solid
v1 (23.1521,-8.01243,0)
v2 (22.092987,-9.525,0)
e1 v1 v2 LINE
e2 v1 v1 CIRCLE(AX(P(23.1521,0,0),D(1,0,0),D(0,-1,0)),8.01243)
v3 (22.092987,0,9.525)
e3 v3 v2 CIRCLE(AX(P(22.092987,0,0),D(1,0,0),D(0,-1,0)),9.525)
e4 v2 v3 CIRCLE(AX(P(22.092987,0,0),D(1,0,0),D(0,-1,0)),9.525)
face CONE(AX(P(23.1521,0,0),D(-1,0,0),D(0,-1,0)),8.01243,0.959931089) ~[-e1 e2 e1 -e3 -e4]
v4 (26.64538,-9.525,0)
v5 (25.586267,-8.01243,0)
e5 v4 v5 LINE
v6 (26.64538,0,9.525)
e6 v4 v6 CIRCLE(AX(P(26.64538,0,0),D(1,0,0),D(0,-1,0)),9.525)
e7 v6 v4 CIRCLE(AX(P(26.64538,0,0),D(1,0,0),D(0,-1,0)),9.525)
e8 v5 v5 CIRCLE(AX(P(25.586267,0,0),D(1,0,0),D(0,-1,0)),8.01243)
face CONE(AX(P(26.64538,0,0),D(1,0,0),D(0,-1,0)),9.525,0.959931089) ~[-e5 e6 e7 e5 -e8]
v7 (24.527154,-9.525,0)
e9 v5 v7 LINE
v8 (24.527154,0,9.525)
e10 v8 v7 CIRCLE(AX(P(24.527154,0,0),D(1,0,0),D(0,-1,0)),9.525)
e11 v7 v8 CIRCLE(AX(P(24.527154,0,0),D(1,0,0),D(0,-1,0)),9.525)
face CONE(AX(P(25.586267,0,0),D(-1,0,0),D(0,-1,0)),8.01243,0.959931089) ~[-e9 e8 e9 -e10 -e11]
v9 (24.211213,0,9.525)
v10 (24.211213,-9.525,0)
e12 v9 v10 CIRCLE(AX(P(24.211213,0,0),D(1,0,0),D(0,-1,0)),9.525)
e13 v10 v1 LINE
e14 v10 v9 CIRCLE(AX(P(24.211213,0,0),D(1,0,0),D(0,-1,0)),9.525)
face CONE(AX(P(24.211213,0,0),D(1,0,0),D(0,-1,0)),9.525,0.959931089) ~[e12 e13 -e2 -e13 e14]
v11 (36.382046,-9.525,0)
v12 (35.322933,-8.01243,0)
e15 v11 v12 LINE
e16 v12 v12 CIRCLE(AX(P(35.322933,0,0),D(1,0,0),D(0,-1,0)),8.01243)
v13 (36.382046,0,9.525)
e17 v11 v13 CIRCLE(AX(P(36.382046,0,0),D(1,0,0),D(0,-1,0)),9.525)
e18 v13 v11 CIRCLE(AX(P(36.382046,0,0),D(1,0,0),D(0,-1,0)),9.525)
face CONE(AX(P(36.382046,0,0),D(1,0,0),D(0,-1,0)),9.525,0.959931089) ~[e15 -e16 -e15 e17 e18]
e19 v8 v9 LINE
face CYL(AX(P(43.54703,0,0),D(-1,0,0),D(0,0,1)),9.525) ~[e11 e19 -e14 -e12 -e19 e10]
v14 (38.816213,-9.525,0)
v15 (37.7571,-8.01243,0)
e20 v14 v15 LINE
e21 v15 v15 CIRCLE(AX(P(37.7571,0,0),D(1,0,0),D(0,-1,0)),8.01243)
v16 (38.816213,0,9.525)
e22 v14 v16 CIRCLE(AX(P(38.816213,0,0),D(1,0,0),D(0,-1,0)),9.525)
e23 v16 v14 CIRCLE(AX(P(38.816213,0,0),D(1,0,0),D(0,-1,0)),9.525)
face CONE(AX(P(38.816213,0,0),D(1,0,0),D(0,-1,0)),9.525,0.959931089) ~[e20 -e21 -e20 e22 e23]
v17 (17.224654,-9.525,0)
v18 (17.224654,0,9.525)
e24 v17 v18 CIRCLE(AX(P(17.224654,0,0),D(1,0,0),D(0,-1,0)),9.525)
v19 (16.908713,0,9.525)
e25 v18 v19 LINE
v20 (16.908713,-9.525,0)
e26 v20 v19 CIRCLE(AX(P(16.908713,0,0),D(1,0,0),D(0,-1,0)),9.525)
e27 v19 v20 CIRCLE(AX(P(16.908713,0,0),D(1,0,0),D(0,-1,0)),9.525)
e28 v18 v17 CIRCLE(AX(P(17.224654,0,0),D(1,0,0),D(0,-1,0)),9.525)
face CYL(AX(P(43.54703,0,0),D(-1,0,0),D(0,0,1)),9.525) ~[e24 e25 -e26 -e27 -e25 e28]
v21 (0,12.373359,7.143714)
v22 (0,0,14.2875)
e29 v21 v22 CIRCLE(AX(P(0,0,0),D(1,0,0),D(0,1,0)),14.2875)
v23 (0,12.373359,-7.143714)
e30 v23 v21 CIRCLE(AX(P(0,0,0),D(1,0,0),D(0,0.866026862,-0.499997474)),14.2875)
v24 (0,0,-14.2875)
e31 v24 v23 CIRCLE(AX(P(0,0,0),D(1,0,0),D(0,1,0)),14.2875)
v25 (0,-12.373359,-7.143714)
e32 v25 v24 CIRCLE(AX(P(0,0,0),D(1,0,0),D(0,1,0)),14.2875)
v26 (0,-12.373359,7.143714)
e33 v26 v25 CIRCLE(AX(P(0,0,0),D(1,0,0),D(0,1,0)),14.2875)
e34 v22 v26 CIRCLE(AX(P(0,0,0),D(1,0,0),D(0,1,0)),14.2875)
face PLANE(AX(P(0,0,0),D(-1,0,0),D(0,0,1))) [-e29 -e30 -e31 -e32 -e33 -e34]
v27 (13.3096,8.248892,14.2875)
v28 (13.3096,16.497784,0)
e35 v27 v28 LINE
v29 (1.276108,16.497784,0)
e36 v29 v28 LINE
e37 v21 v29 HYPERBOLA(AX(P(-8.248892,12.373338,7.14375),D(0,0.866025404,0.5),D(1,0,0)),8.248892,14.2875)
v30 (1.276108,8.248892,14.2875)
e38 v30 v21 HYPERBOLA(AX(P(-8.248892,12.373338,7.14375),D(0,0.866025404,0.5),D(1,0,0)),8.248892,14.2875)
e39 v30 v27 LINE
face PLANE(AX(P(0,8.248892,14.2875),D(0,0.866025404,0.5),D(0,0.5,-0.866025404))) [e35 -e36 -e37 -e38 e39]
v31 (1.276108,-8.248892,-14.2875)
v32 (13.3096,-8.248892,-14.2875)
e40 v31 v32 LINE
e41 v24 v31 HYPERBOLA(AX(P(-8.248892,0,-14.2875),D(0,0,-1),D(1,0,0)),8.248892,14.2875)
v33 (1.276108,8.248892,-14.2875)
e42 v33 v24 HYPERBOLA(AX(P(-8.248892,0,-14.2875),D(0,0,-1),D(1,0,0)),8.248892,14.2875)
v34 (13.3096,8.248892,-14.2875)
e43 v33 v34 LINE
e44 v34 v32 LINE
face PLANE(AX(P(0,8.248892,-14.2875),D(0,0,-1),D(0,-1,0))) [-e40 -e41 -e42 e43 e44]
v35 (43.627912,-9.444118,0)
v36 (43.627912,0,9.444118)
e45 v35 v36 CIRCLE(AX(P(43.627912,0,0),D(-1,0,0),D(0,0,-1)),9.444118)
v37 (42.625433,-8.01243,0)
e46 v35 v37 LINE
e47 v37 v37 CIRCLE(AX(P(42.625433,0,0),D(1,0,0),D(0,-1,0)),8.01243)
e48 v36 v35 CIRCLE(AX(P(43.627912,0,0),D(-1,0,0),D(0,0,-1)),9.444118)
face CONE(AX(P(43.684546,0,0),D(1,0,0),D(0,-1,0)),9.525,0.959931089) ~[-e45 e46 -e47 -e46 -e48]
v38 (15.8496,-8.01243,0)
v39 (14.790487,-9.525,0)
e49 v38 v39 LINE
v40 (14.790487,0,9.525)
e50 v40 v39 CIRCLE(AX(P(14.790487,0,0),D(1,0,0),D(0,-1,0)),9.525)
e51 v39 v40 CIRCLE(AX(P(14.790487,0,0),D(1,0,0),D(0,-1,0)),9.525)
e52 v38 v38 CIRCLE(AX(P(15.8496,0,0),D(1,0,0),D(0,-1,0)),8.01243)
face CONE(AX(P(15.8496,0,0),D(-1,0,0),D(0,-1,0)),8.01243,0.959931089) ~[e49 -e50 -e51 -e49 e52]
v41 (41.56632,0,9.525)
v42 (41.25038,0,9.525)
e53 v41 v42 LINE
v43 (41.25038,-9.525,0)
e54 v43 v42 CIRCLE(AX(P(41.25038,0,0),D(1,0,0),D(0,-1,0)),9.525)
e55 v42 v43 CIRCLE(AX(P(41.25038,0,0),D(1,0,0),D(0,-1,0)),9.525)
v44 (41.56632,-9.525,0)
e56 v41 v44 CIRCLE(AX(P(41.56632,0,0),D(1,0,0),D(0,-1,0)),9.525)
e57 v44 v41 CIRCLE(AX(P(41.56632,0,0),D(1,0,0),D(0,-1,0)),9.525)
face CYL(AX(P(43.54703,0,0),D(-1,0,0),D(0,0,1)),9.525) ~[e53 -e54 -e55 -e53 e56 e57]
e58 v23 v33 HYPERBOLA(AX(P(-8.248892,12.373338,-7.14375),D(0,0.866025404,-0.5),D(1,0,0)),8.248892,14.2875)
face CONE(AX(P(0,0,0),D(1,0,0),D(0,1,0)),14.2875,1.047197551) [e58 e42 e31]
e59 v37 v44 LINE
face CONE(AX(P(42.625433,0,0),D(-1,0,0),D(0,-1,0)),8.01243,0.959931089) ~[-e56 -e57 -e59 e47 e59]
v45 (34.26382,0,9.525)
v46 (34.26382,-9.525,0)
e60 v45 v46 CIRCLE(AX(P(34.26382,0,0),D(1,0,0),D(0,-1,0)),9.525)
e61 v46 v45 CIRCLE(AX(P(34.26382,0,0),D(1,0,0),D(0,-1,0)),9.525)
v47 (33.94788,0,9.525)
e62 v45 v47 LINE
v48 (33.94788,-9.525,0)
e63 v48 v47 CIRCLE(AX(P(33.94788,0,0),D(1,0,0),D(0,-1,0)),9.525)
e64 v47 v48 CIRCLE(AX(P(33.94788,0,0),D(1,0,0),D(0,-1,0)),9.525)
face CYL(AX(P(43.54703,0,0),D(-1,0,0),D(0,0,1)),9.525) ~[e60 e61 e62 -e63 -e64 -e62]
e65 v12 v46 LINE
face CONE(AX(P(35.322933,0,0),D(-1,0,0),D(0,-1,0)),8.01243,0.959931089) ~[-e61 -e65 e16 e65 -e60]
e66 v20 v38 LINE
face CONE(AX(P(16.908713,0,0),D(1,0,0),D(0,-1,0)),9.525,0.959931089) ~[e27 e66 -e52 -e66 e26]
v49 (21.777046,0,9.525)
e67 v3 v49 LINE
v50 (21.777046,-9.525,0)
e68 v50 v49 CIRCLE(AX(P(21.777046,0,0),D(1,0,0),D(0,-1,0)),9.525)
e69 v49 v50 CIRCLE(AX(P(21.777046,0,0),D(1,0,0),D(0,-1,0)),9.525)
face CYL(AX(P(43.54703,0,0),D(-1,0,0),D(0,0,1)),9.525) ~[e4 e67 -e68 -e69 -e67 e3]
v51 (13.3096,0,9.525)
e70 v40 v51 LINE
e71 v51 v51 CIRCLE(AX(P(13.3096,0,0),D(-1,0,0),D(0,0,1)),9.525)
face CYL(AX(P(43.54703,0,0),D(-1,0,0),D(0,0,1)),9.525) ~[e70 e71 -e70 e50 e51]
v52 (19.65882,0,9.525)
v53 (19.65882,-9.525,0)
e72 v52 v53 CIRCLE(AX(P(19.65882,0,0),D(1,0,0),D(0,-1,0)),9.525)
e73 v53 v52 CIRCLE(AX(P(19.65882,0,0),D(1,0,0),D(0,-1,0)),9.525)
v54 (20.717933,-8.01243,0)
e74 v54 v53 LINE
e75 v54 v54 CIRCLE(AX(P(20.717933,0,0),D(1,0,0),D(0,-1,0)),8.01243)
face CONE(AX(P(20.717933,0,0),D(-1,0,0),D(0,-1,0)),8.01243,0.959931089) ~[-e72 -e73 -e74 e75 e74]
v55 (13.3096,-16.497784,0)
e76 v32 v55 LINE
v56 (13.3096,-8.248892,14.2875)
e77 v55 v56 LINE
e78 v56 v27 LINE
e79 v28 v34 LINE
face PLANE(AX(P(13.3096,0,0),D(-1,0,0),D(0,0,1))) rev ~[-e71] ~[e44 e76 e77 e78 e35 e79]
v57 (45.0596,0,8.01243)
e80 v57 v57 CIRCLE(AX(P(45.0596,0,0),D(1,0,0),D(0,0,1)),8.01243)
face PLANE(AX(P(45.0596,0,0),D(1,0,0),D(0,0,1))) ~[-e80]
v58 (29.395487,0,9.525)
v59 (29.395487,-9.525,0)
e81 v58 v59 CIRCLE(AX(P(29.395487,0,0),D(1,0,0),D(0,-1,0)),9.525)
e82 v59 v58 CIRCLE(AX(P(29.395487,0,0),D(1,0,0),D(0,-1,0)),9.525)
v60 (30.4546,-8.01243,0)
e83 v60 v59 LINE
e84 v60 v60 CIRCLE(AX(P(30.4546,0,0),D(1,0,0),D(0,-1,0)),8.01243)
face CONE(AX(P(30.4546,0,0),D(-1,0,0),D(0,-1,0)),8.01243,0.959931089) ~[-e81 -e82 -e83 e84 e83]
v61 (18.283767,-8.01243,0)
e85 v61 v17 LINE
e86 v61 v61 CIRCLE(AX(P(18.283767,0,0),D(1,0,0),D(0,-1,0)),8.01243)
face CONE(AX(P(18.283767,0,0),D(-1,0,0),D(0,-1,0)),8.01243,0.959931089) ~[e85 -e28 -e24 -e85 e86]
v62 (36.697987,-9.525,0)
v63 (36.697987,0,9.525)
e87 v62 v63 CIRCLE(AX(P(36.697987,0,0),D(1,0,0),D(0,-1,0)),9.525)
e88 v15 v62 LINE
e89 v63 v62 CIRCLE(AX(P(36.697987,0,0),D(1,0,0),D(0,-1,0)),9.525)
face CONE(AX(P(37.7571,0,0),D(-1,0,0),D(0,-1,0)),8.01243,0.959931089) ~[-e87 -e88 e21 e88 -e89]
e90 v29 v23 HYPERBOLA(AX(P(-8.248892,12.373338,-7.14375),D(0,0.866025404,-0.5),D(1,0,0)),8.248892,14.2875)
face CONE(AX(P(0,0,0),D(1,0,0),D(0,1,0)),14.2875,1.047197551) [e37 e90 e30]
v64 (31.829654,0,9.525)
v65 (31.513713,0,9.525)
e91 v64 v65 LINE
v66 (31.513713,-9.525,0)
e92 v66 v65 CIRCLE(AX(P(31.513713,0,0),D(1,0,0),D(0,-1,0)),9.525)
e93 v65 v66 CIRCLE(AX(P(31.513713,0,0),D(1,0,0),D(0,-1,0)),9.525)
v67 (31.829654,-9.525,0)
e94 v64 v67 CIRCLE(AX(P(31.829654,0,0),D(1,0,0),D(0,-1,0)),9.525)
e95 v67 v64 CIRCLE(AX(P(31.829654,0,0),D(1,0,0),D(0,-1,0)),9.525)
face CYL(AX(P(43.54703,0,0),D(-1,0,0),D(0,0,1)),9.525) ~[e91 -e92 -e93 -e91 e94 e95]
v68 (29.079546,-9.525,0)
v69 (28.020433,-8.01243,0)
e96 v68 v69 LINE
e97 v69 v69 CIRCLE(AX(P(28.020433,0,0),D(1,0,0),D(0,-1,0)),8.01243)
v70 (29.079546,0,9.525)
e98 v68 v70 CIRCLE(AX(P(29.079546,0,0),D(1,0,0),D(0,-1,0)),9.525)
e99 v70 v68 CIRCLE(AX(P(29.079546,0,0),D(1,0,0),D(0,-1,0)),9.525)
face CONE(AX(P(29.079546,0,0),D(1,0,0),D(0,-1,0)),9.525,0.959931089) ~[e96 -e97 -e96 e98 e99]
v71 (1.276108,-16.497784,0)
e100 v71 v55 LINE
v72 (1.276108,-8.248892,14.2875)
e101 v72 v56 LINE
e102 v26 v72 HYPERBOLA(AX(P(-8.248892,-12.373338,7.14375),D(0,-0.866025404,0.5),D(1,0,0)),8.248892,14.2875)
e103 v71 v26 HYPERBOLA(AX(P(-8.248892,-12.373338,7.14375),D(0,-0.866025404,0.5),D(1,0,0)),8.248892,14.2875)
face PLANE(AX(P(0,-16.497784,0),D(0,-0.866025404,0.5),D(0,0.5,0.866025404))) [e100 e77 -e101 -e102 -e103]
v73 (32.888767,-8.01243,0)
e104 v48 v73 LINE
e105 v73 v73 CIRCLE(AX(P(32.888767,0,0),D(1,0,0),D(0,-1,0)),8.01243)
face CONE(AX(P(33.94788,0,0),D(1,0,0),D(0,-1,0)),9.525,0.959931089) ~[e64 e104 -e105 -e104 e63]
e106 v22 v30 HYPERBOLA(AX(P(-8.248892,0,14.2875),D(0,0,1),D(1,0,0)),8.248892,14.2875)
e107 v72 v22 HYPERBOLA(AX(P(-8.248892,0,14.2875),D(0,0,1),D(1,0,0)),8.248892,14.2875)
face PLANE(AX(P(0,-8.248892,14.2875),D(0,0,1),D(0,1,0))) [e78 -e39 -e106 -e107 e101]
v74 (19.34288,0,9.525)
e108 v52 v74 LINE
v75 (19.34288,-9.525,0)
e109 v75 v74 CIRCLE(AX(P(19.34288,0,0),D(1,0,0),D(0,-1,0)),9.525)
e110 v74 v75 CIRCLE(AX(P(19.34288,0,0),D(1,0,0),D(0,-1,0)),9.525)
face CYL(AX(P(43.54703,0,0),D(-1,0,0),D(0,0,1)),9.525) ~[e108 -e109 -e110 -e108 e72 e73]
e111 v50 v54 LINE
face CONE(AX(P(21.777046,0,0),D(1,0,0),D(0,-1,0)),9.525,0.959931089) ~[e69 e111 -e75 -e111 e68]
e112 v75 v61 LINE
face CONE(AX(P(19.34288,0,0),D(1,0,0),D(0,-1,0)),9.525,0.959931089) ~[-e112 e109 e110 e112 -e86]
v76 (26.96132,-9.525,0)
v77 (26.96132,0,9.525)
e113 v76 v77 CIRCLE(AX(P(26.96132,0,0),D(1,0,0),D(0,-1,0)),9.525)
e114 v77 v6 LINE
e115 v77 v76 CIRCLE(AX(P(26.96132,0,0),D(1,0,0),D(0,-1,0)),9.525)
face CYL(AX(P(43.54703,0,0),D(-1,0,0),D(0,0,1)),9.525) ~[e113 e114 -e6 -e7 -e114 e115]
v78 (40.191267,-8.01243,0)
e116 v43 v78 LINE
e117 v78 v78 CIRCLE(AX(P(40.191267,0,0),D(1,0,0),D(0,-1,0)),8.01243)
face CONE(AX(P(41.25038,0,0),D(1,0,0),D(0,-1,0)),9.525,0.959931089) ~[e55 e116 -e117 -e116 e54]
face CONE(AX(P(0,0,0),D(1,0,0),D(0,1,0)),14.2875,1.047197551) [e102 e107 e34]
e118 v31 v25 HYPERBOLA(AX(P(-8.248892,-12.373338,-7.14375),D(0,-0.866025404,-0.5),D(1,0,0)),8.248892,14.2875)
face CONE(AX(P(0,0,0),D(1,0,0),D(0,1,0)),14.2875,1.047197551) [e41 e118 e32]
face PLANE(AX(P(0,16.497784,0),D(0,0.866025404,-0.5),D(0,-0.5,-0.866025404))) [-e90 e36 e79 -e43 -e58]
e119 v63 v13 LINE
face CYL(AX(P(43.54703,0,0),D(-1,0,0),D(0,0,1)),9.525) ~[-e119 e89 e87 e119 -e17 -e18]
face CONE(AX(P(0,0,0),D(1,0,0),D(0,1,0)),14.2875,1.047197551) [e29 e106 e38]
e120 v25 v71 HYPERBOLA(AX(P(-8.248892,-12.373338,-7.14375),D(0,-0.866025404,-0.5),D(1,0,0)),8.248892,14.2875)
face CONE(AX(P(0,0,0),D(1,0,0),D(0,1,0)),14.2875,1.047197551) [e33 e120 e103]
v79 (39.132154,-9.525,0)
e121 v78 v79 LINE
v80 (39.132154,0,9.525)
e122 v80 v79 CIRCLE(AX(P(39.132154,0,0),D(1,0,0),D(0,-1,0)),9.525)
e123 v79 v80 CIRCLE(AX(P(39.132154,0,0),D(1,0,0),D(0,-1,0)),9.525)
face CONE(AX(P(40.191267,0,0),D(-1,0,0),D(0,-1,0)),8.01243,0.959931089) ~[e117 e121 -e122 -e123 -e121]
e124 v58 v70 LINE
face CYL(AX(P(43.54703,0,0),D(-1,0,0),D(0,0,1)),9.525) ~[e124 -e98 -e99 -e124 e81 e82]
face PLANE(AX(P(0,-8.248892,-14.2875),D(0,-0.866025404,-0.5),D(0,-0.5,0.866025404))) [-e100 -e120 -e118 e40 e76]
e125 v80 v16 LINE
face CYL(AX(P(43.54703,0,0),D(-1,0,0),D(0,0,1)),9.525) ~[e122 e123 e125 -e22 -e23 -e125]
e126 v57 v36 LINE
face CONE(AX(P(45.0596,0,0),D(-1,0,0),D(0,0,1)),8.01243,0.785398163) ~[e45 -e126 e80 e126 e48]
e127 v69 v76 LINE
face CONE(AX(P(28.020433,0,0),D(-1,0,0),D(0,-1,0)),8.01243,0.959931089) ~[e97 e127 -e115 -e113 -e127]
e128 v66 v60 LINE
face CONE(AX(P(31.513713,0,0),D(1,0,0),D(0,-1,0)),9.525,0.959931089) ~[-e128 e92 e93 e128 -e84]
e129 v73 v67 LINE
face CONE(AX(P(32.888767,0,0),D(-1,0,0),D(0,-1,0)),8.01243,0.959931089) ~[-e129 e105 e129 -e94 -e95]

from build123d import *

# Parameters (mm, degrees)
BASEHEAD_DEPTH  = 13.3096
THDSCHPAT_COUNT = 12
THDSCHPAT_PITCH = 2.434166667


with BuildPart() as part:
    # Sketch1 → BaseHead (new body)
    with BuildSketch(Plane(origin=(0, 0, 0), x_dir=(0, 0, -1), z_dir=(1, 0, 0))):
        Polygon((14.2875, 8.248891971), (14.2875, -8.248891971), (0, -16.497783942), (-14.2875, -8.248891971), (-14.2875, 8.248891971), (0, 16.497783942), align=None)
    extrude(amount=BASEHEAD_DEPTH)

    # BodySke → BaseBody (revolve)
    with BuildSketch(Plane.XY, mode=Mode.PRIVATE) as basebody_sk:
        Polygon((0, 0), (45.0596, 0), (45.0596, 8.01243), (43.54703, 9.525), (0, 9.525), align=None)
    revolve(basebody_sk.sketch.rotate(Axis((0, 0, 0), (1, 0, 0)), 90), axis=Axis((0, 0, 0), (1, 0, 0)))

    # Sketch3 → HeadChamfer (revolve, cut)
    with BuildSketch(Plane.XY):
        Polygon((0, 14.2875), (4.942282238, 22.847783942), (4.942282238, 29.197783942), (-12.7, 29.197783942), (-12.7, 14.2875), align=None)
    revolve(axis=Axis((0, 0, 0), (1, 0, 0)), mode=Mode.SUBTRACT)

    # ThdSchSke → ThreadSchematic (revolve, cut)
    with BuildSketch(Plane.XY):
        Polygon((15.8496, -8.01243), (14.790487084, -9.525), (14.790487084, -11.90625), (16.908712916, -11.90625), (16.908712916, -9.525), align=None)
    threadschematic = revolve(axis=Axis((-3.175, 0, 0), (1, 0, 0)), mode=Mode.SUBTRACT)

    # ThdSchPat: ThreadSchematic ×12
    with Locations(*[(i * THDSCHPAT_PITCH, 0, 0) for i in range(1, THDSCHPAT_COUNT)]):
        add(threadschematic, mode=Mode.SUBTRACT)


solid = part.part
